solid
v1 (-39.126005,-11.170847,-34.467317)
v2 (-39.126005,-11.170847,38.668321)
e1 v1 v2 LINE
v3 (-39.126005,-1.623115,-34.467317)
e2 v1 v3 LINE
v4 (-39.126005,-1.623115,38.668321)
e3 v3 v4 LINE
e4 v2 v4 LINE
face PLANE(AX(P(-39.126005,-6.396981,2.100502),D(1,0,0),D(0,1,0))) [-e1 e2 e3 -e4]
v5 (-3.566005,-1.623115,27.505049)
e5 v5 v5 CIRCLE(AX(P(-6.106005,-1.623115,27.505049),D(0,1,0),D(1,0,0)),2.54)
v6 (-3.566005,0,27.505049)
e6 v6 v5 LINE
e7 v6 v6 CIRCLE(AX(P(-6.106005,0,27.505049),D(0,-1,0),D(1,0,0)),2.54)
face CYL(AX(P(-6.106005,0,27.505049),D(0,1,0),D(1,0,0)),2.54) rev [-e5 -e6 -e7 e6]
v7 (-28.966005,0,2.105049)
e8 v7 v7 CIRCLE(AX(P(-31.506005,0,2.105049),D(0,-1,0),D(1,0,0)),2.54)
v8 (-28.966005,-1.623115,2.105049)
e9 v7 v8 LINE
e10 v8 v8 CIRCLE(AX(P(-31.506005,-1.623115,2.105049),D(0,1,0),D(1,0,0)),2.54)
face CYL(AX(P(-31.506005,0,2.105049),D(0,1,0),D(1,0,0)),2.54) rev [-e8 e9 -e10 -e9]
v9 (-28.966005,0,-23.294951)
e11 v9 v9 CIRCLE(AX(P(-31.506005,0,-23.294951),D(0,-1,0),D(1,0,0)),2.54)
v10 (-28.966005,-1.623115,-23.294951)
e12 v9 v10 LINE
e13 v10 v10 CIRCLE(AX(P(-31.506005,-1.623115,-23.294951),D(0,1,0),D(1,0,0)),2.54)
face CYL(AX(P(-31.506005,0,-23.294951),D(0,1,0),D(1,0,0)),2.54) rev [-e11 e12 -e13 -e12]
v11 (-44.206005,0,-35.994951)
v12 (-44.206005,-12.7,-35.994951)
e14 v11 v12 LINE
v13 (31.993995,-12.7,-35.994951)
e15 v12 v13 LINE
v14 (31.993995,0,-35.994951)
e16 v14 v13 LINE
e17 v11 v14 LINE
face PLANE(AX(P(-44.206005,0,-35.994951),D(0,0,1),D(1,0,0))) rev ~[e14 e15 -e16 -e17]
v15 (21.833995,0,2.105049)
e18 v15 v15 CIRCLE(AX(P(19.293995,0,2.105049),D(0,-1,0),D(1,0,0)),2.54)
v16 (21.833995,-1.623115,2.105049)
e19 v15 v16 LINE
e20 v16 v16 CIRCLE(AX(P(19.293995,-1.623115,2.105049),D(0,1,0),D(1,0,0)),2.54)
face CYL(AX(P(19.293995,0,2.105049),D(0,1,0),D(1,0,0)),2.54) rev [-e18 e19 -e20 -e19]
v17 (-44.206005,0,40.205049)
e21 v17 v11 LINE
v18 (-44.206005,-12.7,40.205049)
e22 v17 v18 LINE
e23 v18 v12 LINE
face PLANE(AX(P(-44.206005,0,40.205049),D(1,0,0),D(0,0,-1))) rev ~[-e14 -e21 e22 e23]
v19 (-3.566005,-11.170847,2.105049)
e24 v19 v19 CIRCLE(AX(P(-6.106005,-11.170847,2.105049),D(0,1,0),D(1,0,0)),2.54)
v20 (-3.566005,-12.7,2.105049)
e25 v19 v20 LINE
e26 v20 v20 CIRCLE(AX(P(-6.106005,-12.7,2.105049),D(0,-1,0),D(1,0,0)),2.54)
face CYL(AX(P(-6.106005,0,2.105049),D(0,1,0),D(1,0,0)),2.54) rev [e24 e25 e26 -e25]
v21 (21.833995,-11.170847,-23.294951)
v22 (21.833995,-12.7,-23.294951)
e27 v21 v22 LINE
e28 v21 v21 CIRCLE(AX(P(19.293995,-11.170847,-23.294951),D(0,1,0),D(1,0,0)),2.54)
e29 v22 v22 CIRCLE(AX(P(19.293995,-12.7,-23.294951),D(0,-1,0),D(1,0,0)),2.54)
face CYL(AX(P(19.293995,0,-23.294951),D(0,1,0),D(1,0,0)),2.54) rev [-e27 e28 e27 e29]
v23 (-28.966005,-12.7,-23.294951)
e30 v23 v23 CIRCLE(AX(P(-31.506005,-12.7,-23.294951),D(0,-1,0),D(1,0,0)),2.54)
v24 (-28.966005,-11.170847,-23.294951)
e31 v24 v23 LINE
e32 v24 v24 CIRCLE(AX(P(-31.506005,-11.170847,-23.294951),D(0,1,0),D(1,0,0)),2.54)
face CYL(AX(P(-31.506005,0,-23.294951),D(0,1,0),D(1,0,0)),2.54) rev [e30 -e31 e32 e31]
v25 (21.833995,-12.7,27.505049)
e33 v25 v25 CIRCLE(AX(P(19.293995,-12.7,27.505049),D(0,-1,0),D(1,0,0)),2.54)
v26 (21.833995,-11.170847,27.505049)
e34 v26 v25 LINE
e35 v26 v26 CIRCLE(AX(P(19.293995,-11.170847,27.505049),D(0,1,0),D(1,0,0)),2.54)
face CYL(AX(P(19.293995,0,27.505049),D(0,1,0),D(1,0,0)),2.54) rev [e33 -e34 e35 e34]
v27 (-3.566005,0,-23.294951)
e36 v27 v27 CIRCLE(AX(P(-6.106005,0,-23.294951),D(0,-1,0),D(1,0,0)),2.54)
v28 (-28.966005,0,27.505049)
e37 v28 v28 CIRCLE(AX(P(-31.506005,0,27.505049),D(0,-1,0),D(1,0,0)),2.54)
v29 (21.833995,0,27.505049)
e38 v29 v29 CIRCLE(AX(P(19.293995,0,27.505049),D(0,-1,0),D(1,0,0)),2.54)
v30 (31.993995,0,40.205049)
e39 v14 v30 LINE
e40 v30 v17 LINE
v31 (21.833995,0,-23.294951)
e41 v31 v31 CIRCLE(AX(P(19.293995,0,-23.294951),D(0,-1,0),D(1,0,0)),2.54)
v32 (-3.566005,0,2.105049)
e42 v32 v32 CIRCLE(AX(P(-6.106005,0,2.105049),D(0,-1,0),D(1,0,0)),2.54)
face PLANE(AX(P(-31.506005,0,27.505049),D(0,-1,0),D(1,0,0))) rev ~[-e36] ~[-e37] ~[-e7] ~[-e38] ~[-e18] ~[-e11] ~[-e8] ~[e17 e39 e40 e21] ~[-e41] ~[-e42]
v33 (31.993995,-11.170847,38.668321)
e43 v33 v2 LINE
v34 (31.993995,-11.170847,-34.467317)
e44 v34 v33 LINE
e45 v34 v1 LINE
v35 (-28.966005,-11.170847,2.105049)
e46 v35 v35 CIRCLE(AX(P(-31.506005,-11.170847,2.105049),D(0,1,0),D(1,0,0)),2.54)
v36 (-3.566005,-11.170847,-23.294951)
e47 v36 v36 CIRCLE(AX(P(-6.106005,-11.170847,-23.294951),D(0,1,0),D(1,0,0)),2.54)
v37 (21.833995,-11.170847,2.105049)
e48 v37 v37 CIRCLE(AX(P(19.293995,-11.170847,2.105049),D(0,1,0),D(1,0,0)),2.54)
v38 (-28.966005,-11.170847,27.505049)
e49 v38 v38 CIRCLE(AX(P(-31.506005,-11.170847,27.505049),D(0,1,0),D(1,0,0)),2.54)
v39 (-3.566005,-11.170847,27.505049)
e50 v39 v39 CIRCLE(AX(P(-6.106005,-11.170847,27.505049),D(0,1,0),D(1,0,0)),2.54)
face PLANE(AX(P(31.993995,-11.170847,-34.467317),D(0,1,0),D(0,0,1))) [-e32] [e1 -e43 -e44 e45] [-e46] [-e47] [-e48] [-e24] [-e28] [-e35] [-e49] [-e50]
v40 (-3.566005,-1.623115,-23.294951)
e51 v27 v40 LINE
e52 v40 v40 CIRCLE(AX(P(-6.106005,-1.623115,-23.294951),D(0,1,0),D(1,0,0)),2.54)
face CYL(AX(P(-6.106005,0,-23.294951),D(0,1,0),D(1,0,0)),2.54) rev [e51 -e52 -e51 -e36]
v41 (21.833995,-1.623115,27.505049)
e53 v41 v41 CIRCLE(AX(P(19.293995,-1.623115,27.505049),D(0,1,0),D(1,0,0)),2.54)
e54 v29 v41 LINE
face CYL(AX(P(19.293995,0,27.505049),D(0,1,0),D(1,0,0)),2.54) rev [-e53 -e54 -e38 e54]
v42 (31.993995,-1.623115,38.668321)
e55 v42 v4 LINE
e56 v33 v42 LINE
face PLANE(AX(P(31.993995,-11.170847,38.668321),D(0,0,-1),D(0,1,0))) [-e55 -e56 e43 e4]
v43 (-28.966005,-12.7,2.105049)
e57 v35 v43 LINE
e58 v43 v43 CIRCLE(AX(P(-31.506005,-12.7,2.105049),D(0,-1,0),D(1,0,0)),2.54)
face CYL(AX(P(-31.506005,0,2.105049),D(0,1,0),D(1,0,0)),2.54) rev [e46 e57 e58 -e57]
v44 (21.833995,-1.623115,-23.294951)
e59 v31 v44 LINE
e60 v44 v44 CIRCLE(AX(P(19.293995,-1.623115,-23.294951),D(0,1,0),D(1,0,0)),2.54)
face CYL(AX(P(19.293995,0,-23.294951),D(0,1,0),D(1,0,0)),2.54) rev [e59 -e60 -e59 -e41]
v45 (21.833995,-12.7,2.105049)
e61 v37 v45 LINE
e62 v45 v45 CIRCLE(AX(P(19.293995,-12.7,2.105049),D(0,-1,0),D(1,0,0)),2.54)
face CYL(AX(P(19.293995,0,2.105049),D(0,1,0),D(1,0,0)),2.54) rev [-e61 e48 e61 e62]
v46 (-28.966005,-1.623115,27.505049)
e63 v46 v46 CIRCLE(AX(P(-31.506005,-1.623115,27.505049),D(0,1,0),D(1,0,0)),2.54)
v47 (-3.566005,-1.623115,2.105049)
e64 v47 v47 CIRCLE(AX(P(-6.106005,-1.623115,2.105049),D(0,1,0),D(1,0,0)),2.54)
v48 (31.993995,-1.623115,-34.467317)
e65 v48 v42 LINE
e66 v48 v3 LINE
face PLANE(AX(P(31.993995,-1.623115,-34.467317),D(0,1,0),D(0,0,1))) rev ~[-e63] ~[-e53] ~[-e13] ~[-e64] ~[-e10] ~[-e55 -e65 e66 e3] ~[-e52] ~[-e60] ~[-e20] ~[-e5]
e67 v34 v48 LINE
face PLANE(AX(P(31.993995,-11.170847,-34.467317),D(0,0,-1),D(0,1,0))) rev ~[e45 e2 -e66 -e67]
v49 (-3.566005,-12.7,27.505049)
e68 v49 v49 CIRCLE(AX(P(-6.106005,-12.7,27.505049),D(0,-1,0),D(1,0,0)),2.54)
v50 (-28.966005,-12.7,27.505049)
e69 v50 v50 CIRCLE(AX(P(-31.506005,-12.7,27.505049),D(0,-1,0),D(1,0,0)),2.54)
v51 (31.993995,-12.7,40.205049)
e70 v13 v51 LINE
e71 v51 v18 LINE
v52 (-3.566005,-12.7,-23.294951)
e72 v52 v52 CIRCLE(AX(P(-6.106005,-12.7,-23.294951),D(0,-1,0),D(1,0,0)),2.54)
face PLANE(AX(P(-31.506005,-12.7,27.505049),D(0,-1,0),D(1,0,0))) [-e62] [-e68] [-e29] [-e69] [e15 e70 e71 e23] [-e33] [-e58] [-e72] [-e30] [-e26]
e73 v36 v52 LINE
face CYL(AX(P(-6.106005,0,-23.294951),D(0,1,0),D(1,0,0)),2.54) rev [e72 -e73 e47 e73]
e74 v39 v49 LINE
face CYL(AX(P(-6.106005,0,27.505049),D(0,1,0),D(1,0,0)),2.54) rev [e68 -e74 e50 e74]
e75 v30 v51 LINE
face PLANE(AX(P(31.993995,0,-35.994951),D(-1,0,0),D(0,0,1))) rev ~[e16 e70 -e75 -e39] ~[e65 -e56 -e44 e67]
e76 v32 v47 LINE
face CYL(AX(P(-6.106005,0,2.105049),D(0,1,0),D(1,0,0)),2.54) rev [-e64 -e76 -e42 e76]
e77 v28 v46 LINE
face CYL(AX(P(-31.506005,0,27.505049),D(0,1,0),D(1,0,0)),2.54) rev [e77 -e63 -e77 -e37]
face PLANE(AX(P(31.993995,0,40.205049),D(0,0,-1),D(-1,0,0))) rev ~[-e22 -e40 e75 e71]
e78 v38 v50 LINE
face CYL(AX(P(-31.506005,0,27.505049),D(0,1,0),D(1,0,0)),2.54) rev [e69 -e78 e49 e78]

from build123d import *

# Parameters (mm, degrees)
F0_R     = 2.54
F0_W     = 25.4
F0_H     = 25.4
F1_DEPTH = 12.7
F2_W     = 9.547732
F2_H     = 73.135637
F3_DEPTH = 71.12


with BuildPart() as f1:
    # F0 (on Front) → F1 (new body)
    with BuildSketch(Plane.XZ):
        Polygon((-18.806005, 40.205049), (-44.206005, 40.205049), (-44.206005, 14.805049), (-40.768821, 14.805049), (-18.806005, 14.805049), align=None)
        with Locations((-31.506005, 27.505049)):
            Circle(F0_R, mode=Mode.SUBTRACT)
        Polygon((-40.768821, 14.805049), (-44.206005, 14.805049), (-44.206005, -10.594951), (-18.806005, -10.594951), (-18.806005, 14.805049), align=None)
        with Locations((-31.506005, 2.105049)):
            Circle(F0_R, mode=Mode.SUBTRACT)
        with Locations((-6.106005, 27.505049)):
            Rectangle(F0_W, F0_H)
        with Locations((-6.106005, 27.505049)):
            Circle(F0_R, mode=Mode.SUBTRACT)
        with Locations((-31.506005, -23.294951)):
            Rectangle(F0_W, F0_H)
        with Locations((-31.506005, -23.294951)):
            Circle(F0_R, mode=Mode.SUBTRACT)
        with Locations((19.293995, 27.505049)):
            Rectangle(F0_W, F0_H)
        with Locations((19.293995, 27.505049)):
            Circle(F0_R, mode=Mode.SUBTRACT)
        with Locations((-6.106005, -23.294951)):
            Rectangle(F0_W, F0_H)
        with Locations((-6.106005, -23.294951)):
            Circle(F0_R, mode=Mode.SUBTRACT)
        with Locations((19.293995, 2.105049)):
            Rectangle(F0_W, F0_H)
        with Locations((19.293995, 2.105049)):
            Circle(F0_R, mode=Mode.SUBTRACT)
        with Locations((19.293995, -23.294951)):
            Rectangle(F0_W, F0_H)
        with Locations((19.293995, -23.294951)):
            Circle(F0_R, mode=Mode.SUBTRACT)
        with Locations((-6.106005, 2.105049)):
            Rectangle(F0_W, F0_H)
        with Locations((-6.106005, 2.105049)):
            Circle(F0_R, mode=Mode.SUBTRACT)
    extrude(amount=F1_DEPTH)

    # F2 (on face) → F3 (cut)
    with BuildSketch(Plane.YZ.offset(31.993995)):
        with Locations((-6.396981, 2.100502)):
            Rectangle(F2_W, F2_H)
    extrude(amount=-F3_DEPTH, mode=Mode.SUBTRACT)


solid = f1.part
